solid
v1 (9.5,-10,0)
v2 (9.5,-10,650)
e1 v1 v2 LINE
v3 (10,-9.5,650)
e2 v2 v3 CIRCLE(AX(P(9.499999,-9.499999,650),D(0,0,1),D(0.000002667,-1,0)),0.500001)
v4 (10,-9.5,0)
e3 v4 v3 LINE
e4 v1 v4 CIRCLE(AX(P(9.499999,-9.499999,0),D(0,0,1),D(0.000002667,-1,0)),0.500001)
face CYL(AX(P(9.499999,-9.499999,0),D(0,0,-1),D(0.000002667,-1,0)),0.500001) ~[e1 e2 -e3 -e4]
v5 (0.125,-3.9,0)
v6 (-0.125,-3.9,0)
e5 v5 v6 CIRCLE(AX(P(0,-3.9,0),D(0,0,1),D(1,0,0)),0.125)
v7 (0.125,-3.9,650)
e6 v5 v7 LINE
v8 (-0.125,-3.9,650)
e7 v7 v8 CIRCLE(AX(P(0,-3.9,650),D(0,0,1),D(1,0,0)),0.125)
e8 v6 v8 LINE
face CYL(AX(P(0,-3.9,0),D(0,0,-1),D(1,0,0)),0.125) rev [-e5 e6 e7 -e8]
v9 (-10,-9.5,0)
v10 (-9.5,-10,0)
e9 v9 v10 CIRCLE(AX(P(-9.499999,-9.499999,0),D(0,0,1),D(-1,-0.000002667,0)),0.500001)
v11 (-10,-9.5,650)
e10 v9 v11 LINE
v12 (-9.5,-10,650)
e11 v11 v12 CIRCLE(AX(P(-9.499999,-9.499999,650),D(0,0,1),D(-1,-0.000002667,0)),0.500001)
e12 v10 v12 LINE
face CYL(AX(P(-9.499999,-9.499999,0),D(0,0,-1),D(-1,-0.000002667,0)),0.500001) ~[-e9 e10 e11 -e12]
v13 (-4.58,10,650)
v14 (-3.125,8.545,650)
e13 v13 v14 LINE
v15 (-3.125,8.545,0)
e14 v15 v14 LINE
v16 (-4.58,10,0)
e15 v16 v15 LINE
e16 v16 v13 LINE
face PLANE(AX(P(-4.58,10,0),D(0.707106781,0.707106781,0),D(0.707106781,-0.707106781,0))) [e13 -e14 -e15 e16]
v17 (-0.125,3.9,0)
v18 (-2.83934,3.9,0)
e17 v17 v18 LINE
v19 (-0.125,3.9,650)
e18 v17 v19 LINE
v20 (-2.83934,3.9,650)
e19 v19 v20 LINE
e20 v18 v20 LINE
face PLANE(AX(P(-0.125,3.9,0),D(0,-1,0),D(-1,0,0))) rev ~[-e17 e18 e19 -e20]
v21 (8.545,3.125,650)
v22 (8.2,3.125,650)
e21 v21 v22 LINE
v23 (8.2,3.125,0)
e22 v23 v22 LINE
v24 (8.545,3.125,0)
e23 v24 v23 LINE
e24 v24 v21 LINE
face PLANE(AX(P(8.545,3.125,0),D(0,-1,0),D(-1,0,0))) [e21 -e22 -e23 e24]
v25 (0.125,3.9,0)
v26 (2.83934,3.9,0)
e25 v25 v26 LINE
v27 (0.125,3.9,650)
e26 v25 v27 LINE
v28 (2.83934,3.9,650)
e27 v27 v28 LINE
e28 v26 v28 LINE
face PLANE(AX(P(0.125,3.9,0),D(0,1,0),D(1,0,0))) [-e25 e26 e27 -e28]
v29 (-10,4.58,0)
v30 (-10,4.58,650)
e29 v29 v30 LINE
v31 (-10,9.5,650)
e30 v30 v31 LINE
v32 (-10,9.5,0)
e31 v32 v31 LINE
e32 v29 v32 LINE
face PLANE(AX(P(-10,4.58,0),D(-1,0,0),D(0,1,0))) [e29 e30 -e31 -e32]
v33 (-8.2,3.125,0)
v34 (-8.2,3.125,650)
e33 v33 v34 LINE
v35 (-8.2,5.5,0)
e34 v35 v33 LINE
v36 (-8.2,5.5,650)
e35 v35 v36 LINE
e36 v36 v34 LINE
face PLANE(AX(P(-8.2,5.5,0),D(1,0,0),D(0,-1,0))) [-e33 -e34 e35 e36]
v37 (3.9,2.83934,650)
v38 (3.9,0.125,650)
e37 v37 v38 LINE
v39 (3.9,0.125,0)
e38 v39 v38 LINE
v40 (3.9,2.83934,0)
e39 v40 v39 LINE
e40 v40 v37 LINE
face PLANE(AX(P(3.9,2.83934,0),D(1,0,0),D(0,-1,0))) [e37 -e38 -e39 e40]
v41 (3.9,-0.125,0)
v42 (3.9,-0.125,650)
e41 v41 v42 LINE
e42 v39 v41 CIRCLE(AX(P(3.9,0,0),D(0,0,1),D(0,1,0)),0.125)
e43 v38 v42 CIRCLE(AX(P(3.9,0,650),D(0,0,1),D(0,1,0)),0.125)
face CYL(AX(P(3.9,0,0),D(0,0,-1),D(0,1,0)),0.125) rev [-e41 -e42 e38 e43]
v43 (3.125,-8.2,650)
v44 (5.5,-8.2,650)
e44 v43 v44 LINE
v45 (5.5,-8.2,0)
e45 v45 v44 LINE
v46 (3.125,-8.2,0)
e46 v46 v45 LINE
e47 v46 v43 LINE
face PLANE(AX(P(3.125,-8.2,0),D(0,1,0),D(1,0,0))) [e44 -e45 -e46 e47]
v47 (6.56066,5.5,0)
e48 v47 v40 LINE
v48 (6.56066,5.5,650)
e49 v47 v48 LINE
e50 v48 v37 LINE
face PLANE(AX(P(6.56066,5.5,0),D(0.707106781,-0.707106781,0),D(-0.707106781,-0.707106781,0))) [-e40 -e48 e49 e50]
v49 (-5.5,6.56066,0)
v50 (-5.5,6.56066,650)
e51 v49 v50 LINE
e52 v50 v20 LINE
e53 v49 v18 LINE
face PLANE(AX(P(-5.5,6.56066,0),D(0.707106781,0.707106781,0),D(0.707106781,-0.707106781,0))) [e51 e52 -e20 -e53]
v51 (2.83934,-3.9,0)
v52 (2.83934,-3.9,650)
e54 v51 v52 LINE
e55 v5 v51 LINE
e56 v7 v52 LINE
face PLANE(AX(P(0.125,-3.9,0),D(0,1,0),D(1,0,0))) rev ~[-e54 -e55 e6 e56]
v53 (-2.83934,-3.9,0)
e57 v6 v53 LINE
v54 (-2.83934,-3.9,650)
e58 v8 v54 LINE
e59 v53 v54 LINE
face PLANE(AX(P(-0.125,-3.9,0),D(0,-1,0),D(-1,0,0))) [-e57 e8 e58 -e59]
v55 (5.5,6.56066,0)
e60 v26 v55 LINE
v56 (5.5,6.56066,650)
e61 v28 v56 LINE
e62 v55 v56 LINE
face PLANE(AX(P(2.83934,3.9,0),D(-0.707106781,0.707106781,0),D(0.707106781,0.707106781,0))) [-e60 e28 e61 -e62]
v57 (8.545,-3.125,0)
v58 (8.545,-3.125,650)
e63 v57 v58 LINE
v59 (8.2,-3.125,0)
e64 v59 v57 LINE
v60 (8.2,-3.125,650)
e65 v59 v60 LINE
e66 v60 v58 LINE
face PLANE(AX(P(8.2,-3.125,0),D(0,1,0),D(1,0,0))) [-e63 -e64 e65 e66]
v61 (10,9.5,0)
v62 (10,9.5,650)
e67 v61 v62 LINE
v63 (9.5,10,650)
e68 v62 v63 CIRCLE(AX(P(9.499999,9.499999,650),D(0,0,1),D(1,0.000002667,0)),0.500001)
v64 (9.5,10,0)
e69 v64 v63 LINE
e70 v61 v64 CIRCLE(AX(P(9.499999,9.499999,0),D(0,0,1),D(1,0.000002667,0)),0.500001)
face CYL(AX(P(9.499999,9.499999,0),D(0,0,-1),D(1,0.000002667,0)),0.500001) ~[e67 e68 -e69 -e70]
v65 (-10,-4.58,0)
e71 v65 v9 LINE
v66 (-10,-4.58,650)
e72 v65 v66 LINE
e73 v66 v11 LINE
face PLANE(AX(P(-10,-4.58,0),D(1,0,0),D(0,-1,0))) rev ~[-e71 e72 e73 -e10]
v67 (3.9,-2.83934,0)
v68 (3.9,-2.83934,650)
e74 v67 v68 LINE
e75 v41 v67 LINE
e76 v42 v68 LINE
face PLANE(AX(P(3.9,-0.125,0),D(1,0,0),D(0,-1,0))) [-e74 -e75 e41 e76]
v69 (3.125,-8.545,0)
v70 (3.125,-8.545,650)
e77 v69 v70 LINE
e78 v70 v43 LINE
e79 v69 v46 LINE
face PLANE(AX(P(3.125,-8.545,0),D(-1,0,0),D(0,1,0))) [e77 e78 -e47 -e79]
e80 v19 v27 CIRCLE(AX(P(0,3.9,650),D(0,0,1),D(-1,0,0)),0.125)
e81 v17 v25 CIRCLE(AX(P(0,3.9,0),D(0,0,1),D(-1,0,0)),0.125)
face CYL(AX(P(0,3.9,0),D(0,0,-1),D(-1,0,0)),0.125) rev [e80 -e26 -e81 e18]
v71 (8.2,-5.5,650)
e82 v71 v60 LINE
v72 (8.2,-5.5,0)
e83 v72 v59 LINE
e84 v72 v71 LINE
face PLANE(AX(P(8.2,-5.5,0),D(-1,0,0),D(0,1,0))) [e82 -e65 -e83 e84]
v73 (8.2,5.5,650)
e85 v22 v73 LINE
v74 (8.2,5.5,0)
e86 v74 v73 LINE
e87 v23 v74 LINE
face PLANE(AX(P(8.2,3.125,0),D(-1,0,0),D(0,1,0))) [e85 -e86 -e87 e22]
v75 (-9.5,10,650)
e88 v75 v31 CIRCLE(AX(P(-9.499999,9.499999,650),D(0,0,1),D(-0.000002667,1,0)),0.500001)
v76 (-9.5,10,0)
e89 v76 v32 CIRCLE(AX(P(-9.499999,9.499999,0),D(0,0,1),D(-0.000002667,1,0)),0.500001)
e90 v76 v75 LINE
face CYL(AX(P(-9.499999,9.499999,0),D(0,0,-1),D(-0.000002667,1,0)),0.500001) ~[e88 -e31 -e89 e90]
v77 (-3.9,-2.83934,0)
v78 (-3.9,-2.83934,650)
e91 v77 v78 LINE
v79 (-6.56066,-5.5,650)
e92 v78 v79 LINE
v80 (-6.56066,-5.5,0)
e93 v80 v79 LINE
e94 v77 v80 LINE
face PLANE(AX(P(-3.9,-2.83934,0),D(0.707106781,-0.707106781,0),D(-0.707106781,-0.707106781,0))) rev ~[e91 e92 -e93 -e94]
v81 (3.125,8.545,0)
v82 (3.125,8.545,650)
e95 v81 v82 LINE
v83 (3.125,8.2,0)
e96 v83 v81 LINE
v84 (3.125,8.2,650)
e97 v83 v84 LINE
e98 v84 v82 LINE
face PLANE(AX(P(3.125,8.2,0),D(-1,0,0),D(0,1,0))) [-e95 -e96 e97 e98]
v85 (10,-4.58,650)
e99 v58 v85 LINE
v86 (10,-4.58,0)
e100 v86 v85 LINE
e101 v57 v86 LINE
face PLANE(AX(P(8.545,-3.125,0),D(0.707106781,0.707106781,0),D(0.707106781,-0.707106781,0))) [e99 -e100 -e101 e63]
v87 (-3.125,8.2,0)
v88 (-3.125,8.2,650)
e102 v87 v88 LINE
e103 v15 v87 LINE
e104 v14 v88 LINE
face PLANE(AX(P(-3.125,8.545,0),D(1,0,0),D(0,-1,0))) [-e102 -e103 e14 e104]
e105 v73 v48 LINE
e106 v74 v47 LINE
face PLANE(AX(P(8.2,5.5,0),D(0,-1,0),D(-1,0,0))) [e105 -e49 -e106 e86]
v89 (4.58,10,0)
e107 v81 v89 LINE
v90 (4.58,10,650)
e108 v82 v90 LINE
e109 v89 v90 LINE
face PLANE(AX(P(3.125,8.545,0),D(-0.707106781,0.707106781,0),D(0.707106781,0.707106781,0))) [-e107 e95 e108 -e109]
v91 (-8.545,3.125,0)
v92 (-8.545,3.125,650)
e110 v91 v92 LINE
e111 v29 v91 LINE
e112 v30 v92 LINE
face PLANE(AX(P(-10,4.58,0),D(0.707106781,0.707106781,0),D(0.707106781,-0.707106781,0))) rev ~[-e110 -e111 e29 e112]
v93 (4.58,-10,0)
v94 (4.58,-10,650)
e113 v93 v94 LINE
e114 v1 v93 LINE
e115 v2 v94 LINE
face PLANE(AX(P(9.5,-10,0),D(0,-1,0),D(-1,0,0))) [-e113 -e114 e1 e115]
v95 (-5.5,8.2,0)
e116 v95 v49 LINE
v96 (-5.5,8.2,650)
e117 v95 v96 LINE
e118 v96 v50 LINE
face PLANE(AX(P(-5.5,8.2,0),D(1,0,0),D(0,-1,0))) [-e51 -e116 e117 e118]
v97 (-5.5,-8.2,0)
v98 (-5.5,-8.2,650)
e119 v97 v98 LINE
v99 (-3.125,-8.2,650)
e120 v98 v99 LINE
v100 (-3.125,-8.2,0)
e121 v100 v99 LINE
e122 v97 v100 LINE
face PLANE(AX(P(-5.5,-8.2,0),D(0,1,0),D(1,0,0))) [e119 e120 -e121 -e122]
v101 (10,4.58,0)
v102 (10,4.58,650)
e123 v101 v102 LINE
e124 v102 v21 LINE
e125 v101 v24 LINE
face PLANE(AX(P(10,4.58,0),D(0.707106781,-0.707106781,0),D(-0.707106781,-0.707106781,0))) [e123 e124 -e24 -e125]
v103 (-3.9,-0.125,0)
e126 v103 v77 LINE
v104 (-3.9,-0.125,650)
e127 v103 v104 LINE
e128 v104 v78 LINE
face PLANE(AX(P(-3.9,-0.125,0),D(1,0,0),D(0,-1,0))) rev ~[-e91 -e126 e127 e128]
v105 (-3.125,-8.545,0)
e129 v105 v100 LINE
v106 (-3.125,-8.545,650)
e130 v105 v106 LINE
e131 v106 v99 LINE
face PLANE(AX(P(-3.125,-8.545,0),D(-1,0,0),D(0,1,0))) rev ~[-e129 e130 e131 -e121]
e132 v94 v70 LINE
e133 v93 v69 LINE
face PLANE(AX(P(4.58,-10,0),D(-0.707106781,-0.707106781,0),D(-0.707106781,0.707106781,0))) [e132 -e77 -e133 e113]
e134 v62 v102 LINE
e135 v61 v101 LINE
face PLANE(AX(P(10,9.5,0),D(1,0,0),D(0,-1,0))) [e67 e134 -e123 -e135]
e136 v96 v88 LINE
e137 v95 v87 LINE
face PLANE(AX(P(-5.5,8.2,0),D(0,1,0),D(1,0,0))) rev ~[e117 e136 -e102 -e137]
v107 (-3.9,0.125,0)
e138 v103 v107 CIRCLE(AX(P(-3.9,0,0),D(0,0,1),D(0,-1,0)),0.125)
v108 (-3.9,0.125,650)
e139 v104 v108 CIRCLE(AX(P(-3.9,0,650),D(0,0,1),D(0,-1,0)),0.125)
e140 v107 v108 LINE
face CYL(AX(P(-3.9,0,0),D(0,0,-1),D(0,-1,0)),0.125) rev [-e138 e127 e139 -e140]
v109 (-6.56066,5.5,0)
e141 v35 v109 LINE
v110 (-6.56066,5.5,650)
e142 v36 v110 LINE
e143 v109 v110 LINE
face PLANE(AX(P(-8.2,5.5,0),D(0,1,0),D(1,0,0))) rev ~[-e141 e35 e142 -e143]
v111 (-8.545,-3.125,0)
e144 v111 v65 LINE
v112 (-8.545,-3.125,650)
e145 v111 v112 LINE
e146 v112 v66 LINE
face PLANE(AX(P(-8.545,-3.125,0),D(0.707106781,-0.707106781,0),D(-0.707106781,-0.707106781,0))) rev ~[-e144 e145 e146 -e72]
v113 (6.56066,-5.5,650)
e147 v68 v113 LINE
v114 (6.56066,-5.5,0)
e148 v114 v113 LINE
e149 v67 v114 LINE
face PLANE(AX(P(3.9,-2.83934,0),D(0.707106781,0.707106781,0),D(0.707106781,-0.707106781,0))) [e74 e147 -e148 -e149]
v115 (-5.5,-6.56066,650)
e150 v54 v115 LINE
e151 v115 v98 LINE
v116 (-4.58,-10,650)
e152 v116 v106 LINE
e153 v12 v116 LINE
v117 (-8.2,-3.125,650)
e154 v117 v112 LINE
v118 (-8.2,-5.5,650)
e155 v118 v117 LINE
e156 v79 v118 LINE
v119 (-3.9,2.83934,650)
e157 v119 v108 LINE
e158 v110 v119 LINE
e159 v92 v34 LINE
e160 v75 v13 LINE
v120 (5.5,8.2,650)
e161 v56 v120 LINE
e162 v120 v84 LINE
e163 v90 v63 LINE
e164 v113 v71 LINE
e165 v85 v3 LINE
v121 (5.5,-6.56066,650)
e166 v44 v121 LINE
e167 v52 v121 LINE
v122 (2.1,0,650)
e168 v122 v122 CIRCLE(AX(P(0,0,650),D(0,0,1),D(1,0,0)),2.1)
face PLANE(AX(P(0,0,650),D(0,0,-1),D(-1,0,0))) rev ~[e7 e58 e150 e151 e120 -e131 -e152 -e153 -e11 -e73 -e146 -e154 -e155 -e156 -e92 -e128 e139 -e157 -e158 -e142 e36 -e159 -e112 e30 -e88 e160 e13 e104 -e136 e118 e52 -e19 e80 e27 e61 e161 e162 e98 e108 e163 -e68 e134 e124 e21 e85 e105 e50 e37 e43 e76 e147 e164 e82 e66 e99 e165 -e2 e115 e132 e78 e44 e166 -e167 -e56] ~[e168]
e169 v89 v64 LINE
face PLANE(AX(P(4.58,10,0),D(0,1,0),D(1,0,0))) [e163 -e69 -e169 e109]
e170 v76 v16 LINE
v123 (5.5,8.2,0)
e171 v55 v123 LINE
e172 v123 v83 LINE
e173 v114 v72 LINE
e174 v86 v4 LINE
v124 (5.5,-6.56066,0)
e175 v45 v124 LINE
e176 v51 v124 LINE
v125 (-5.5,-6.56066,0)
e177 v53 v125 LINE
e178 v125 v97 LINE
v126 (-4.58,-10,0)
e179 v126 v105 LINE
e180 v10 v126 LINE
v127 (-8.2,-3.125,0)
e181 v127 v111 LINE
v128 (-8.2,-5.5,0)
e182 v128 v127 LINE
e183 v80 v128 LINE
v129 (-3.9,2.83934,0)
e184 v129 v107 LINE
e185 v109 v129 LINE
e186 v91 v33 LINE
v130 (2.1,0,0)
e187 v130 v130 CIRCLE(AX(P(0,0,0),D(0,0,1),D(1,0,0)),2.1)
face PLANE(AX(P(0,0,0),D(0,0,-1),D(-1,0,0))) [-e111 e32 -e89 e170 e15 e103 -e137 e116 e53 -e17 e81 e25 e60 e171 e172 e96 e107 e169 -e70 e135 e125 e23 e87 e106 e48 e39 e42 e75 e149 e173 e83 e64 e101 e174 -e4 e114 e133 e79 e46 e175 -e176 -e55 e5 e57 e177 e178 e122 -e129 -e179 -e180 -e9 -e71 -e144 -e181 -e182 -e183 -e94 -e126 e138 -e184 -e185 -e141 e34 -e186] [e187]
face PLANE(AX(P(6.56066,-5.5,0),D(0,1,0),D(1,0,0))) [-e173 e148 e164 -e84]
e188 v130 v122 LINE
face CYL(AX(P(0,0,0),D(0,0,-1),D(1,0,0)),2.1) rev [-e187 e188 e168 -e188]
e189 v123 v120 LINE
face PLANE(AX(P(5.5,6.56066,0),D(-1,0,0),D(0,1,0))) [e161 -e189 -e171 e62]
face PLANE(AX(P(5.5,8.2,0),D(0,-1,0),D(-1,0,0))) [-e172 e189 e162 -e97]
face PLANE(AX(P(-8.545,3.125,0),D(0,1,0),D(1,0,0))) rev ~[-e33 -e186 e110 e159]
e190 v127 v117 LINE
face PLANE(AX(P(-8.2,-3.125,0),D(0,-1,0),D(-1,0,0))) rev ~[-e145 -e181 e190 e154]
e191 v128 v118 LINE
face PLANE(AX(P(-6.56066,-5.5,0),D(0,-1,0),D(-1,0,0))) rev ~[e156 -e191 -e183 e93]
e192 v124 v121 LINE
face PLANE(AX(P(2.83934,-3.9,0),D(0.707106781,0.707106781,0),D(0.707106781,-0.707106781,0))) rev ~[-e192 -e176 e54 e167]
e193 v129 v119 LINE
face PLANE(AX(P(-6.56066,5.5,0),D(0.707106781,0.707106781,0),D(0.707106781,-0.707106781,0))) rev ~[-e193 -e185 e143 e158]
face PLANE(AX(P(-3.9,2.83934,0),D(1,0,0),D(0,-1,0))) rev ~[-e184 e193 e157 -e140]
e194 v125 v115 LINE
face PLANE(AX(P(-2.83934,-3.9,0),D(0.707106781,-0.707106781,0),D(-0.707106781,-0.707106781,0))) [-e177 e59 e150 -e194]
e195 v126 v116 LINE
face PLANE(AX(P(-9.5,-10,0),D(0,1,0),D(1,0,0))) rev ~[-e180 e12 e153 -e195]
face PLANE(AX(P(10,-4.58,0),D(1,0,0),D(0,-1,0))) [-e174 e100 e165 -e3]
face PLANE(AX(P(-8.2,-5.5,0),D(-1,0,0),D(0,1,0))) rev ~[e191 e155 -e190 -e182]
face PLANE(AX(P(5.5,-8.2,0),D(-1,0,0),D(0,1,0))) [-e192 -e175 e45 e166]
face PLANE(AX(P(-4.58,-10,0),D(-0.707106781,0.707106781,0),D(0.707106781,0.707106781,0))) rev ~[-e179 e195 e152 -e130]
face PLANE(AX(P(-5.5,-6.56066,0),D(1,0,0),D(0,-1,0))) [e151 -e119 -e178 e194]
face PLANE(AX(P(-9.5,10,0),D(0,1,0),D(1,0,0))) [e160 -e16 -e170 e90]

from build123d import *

# Parameters (mm, degrees)
SKETCH_R  = 2.1
PAD_DEPTH = 650


with BuildPart() as part:
    # Sketch → Pad (new body)
    with BuildSketch(Plane.XY):
        with BuildLine():
            Line((-10, 4.58), (-10, 9.5))
            ThreePointArc((-9.5, 10), (-9.853553, 9.853553), (-10, 9.5))
            Line((-9.5, 10), (-4.58, 10))
            Line((-4.58, 10), (-3.125, 8.545))
            Line((-3.125, 8.545), (-3.125, 8.2))
            Line((-5.5, 8.2), (-3.125, 8.2))
            Line((-5.5, 8.2), (-5.5, 6.56066))
            Line((-5.5, 6.56066), (-2.83934, 3.9))
            Line((-0.125, 3.9), (-2.83934, 3.9))
            ThreePointArc((-0.125, 3.9), (0, 3.775), (0.125, 3.9))
            Line((0.125, 3.9), (2.83934, 3.9))
            Line((2.83934, 3.9), (5.5, 6.56066))
            Line((5.5, 6.56066), (5.5, 8.2))
            Line((5.5, 8.2), (3.125, 8.2))
            Line((3.125, 8.2), (3.125, 8.545))
            Line((3.125, 8.545), (4.58, 10))
            Line((4.58, 10), (9.5, 10))
            ThreePointArc((10, 9.5), (9.853553, 9.853553), (9.5, 10))
            Line((10, 9.5), (10, 4.58))
            Line((10, 4.58), (8.545, 3.125))
            Line((8.545, 3.125), (8.2, 3.125))
            Line((8.2, 3.125), (8.2, 5.5))
            Line((8.2, 5.5), (6.56066, 5.5))
            Line((6.56066, 5.5), (3.9, 2.83934))
            Line((3.9, 2.83934), (3.9, 0.125))
            ThreePointArc((3.9, 0.125), (3.775, 0), (3.9, -0.125))
            Line((3.9, -0.125), (3.9, -2.83934))
            Line((3.9, -2.83934), (6.56066, -5.5))
            Line((6.56066, -5.5), (8.2, -5.5))
            Line((8.2, -5.5), (8.2, -3.125))
            Line((8.2, -3.125), (8.545, -3.125))
            Line((8.545, -3.125), (10, -4.58))
            Line((10, -4.58), (10, -9.5))
            ThreePointArc((9.5, -10), (9.853553, -9.853553), (10, -9.5))
            Line((9.5, -10), (4.58, -10))
            Line((4.58, -10), (3.125, -8.545))
            Line((3.125, -8.545), (3.125, -8.2))
            Line((3.125, -8.2), (5.5, -8.2))
            Line((5.5, -8.2), (5.5, -6.56066))
            Line((2.83934, -3.9), (5.5, -6.56066))
            Line((0.125, -3.9), (2.83934, -3.9))
            ThreePointArc((0.125, -3.9), (0, -3.775), (-0.125, -3.9))
            Line((-0.125, -3.9), (-2.83934, -3.9))
            Line((-2.83934, -3.9), (-5.5, -6.56066))
            Line((-5.5, -6.56066), (-5.5, -8.2))
            Line((-5.5, -8.2), (-3.125, -8.2))
            Line((-3.125, -8.545), (-3.125, -8.2))
            Line((-4.58, -10), (-3.125, -8.545))
            Line((-9.5, -10), (-4.58, -10))
            ThreePointArc((-10, -9.5), (-9.853553, -9.853553), (-9.5, -10))
            Line((-10, -4.58), (-10, -9.5))
            Line((-8.545, -3.125), (-10, -4.58))
            Line((-8.2, -3.125), (-8.545, -3.125))
            Line((-8.2, -5.5), (-8.2, -3.125))
            Line((-6.56066, -5.5), (-8.2, -5.5))
            Line((-3.9, -2.83934), (-6.56066, -5.5))
            Line((-3.9, -0.125), (-3.9, -2.83934))
            ThreePointArc((-3.9, -0.125), (-3.775, 0), (-3.9, 0.125))
            Line((-3.9, 2.83934), (-3.9, 0.125))
            Line((-6.56066, 5.5), (-3.9, 2.83934))
            Line((-8.2, 5.5), (-6.56066, 5.5))
            Line((-8.2, 5.5), (-8.2, 3.125))
            Line((-8.545, 3.125), (-8.2, 3.125))
            Line((-10, 4.58), (-8.545, 3.125))
        make_face()
        Circle(SKETCH_R, mode=Mode.SUBTRACT)
    extrude(amount=PAD_DEPTH)


solid = part.part
